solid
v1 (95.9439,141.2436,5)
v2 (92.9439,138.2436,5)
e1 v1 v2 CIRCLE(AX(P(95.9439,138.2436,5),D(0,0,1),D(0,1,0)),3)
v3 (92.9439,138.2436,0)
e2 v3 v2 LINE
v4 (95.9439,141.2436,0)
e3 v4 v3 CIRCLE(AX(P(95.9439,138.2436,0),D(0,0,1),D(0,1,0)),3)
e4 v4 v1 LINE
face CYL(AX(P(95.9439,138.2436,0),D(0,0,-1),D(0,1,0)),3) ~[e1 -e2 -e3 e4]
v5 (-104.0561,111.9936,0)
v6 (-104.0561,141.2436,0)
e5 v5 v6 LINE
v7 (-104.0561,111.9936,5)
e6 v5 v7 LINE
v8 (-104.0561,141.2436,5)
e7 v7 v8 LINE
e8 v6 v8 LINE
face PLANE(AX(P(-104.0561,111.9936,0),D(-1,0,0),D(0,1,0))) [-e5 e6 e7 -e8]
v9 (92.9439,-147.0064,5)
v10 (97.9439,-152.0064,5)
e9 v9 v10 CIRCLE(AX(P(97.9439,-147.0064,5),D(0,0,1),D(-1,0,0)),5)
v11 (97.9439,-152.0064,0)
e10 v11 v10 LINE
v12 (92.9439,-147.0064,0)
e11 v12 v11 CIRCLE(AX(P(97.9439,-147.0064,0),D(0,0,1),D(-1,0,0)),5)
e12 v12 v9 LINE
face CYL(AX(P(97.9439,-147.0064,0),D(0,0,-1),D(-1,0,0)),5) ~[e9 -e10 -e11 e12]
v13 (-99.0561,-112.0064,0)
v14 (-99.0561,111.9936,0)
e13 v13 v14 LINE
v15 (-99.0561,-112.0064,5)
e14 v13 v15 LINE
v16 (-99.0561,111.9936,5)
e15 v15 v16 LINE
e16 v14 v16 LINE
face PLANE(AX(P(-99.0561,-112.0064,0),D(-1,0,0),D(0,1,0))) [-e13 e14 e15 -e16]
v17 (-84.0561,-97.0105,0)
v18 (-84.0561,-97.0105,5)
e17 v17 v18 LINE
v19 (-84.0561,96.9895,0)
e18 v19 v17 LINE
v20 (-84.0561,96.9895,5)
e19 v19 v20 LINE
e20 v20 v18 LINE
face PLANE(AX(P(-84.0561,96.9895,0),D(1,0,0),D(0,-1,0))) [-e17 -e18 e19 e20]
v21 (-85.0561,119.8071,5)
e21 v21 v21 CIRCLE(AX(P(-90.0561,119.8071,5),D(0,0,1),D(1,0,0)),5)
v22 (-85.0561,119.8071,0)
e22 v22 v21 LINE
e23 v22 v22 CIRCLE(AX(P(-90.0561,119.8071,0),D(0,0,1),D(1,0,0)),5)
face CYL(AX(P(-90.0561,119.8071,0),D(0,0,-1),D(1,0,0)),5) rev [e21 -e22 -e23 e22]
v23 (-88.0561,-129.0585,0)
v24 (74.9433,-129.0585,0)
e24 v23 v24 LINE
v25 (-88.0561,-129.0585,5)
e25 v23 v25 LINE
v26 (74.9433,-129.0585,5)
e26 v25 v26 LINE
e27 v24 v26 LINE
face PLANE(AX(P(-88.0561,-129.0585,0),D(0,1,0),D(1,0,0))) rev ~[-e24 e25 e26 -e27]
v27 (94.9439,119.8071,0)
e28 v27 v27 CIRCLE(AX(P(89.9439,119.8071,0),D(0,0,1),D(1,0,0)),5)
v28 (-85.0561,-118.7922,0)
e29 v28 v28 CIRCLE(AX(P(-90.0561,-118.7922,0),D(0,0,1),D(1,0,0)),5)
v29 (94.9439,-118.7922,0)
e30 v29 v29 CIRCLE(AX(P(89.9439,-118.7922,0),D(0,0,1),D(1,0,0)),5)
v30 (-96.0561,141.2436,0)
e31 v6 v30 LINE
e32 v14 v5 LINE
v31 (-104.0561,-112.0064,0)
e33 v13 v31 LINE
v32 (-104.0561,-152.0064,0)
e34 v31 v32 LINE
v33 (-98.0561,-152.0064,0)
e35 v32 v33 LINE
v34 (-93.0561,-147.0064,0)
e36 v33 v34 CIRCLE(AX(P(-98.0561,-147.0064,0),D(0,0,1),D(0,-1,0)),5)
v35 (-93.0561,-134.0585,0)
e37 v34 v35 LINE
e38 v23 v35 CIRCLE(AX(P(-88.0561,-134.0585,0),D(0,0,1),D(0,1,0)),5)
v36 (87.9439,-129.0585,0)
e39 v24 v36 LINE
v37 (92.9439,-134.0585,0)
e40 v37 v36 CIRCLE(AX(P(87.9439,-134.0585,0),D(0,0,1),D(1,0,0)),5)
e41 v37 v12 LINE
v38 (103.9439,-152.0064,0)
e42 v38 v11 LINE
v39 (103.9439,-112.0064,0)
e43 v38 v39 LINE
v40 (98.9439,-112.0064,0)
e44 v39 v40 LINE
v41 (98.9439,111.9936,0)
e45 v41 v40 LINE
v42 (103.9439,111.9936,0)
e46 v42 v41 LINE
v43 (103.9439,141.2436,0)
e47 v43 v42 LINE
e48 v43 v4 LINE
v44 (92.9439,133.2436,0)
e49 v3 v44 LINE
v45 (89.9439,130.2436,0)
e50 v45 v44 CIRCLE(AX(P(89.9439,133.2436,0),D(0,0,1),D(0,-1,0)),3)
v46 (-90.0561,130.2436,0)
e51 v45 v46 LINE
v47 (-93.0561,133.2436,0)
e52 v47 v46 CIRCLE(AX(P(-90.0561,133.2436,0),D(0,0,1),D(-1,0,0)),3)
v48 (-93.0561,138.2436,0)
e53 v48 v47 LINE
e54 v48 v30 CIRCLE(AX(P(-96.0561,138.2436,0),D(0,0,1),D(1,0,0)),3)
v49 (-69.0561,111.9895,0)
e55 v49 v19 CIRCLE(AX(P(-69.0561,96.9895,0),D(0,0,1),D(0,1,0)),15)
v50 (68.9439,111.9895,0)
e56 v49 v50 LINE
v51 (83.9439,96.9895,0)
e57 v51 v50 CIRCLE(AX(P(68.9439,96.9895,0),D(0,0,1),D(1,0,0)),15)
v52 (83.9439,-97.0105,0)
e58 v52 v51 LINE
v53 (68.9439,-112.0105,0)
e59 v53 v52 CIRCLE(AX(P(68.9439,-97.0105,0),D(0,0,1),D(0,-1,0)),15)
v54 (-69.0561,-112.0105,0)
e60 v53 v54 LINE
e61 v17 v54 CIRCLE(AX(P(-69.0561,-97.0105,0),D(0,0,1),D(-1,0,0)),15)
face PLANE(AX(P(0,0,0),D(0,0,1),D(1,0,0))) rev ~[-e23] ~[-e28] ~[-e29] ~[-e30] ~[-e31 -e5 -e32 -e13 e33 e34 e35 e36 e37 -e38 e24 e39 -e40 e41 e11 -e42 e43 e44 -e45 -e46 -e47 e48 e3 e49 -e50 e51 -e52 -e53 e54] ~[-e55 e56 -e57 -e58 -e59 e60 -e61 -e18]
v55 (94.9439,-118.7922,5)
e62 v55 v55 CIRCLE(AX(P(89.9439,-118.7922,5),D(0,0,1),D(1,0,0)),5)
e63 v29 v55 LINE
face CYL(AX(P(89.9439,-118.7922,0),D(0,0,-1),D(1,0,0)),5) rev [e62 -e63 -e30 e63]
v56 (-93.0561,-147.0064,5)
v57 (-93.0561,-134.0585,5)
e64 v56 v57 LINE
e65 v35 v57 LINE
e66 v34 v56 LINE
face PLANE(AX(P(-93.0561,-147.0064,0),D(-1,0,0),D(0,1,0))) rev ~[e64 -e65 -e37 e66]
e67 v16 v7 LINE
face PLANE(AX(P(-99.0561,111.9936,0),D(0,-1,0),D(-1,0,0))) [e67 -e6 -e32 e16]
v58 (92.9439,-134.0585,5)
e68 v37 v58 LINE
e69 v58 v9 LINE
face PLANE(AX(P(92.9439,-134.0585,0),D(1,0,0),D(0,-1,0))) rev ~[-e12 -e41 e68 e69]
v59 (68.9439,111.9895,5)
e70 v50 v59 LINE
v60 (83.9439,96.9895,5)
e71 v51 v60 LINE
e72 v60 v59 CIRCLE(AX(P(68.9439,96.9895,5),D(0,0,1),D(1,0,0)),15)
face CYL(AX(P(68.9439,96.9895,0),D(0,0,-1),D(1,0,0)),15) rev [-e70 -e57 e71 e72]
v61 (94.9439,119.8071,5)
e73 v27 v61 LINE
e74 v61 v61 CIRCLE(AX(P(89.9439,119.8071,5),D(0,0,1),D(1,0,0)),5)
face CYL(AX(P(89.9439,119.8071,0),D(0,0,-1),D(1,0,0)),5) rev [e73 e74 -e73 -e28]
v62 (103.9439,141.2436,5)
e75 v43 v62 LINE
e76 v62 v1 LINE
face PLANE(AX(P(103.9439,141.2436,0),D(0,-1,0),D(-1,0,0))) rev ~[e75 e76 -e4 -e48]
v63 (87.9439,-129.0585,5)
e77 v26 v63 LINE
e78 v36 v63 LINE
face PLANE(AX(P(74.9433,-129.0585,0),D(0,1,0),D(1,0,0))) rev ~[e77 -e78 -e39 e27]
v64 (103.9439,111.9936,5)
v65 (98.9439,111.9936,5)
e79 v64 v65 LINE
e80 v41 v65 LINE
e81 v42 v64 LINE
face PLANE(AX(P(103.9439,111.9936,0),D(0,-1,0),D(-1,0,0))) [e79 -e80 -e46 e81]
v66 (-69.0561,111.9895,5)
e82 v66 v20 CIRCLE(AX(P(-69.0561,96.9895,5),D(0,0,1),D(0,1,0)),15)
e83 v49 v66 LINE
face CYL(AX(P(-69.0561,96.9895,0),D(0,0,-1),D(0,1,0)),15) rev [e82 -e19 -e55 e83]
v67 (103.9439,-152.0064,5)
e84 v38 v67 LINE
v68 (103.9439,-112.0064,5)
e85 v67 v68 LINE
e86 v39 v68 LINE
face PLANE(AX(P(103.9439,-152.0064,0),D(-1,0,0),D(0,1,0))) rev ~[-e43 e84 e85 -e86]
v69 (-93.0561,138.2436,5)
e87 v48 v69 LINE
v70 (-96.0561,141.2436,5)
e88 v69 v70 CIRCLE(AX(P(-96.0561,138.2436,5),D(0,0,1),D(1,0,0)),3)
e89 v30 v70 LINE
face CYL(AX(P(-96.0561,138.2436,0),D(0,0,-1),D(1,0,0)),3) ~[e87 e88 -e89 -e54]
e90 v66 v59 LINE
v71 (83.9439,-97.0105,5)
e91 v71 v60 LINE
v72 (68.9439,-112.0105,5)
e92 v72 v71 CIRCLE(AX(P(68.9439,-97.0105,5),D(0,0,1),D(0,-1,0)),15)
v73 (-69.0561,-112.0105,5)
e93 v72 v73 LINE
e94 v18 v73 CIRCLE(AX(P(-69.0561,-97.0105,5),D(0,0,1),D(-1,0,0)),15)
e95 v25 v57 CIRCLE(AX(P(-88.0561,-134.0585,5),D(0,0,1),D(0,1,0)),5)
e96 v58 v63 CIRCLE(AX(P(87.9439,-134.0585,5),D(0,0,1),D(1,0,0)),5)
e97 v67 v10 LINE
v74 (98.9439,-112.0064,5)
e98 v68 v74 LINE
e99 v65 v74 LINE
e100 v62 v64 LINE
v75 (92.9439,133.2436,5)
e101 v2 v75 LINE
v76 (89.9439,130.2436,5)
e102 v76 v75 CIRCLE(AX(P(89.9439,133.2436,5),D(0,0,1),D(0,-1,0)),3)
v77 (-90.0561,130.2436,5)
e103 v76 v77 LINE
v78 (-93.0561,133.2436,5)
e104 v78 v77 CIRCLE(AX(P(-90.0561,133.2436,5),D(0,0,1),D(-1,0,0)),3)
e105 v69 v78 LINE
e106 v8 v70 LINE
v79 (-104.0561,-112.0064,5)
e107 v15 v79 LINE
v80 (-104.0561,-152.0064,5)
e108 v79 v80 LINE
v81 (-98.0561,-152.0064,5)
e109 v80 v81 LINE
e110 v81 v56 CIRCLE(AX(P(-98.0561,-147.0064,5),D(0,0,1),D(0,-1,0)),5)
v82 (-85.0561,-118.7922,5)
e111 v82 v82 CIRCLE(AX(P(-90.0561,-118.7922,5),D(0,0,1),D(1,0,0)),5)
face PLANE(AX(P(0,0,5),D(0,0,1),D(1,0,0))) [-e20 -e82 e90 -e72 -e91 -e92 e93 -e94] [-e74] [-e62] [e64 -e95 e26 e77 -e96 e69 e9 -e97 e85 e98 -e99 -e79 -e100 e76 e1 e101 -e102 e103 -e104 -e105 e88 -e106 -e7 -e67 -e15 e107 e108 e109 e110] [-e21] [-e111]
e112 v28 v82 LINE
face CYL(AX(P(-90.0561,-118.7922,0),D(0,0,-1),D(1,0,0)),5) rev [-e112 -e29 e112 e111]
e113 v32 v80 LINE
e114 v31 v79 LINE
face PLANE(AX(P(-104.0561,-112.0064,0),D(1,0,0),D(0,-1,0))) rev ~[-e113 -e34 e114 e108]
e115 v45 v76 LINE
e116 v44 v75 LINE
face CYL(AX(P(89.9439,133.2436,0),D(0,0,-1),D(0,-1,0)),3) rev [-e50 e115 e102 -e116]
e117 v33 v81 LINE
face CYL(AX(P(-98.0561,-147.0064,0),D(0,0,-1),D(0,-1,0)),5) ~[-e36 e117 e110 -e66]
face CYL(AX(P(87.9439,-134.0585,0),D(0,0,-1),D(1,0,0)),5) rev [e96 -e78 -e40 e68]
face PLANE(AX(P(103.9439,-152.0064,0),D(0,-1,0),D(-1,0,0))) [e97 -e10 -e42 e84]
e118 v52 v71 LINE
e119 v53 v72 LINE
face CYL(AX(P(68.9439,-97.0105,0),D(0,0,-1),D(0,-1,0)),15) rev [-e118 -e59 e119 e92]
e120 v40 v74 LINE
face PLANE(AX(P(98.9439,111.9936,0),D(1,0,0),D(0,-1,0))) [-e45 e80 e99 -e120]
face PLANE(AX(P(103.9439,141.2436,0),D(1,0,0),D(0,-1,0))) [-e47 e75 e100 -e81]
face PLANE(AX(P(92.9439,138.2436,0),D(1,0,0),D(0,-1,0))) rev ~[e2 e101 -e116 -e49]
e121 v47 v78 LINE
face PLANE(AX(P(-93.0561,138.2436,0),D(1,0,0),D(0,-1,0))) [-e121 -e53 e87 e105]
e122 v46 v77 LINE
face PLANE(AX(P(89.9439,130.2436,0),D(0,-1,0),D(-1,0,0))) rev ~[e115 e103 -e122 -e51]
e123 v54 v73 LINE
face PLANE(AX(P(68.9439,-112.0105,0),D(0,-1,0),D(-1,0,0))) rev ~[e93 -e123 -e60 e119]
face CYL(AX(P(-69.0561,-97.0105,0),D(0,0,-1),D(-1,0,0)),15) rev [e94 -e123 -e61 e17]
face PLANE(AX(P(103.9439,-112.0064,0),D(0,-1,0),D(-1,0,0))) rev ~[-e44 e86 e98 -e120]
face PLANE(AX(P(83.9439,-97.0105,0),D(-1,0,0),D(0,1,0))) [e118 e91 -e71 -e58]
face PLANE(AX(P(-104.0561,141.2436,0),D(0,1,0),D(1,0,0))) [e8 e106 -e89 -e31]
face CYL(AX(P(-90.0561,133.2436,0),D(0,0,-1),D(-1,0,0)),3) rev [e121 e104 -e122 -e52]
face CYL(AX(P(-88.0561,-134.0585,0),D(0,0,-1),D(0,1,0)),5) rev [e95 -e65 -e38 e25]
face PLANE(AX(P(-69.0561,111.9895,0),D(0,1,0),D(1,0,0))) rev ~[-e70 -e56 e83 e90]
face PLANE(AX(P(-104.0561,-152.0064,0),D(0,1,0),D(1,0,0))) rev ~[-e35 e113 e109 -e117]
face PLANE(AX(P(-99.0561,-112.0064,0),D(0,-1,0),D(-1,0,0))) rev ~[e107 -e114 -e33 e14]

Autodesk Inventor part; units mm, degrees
ref_plane "YZ Plane" through (0, 0, 0) normal (1, 0, 0) x (0, 1, 0)
ref_plane "XZ Plane" through (0, 0, 0) normal (0, 1, 0) x (-1, 0, 0)
ref_plane "XY Plane" through (0, 0, 0) normal (0, 0, 1) x (1, 0, 0)
sketch "Sketch1" plane through (0, 0, 0) normal (0, 0, 1) x (1, 0, 0)
  line L0 (98.9439, 111.9936) -> (98.9439, -112.0064)
  line L1 (103.9439, 111.9936) -> (98.9439, 111.9936)
  line L2 (103.9439, 141.2436) -> (103.9439, 111.9936)
  line L3 (83.9439, -97.0105) -> (83.9439, 96.9895)
  line L4 (-99.0561, 111.9936) -> (-104.0561, 111.9936)
  line L5 (-104.0561, 111.9936) -> (-104.0561, 141.2436)
  line L6 (-99.0561, -112.0064) -> (-99.0561, 111.9936)
  line L7 (-84.0561, 96.9895) -> (-84.0561, -97.0105)
  line L8 (-69.0561, 111.9895) -> (68.9439, 111.9895)
  line L9 (68.9439, -112.0105) -> (-69.0561, -112.0105)
  line L10 (103.9439, -112.0064) -> (98.9439, -112.0064)
  line L11 (103.9439, -152.0064) -> (103.9439, -112.0064)
  line L12 (-99.0561, -112.0064) -> (-104.0561, -112.0064)
  line L13 (-104.0561, -112.0064) -> (-104.0561, -152.0064)
  arc A0 (-98.0561, -152.0064) -> (-93.0561, -147.0064) centre (-98.0561, -147.0064) ccw
  line L14 (103.9439, -152.0064) -> (97.9439, -152.0064)
  line L15 (-88.0561, -129.0585) -> (74.9433, -129.0585)
  line L16 (-104.0561, -152.0064) -> (-98.0561, -152.0064)
  line L17 (74.9433, -129.0585) -> (87.9439, -129.0585)
  line L18 (92.9439, -134.0585) -> (92.9439, -147.0064)
  arc A1 (92.9439, -147.0064) -> (97.9439, -152.0064) centre (97.9439, -147.0064) ccw
  arc A2 (92.9439, -134.0585) -> (87.9439, -129.0585) centre (87.9439, -134.0585) ccw
  line L19 (-104.0561, 141.2436) -> (-96.0561, 141.2436)
  line L20 (-93.0561, 138.2436) -> (-93.0561, 133.2436)
  arc A3 (-93.0561, 138.2436) -> (-96.0561, 141.2436) centre (-96.0561, 138.2436) ccw
  line L21 (-93.0561, -147.0064) -> (-93.0561, -134.0585)
  arc A4 (-88.0561, -129.0585) -> (-93.0561, -134.0585) centre (-88.0561, -134.0585) ccw
  line L22 (103.9439, 141.2436) -> (95.9439, 141.2436)
  arc A5 (95.9439, 141.2436) -> (92.9439, 138.2436) centre (95.9439, 138.2436) ccw
  arc A6 (-69.0561, 111.9895) -> (-84.0561, 96.9895) centre (-69.0561, 96.9895) ccw
  arc A7 (-84.0561, -97.0105) -> (-69.0561, -112.0105) centre (-69.0561, -97.0105) ccw
  arc A8 (68.9439, -112.0105) -> (83.9439, -97.0105) centre (68.9439, -97.0105) ccw
  arc A9 (83.9439, 96.9895) -> (68.9439, 111.9895) centre (68.9439, 96.9895) ccw
  line L23 (92.9439, 138.2436) -> (92.9439, 133.2436)
  line L24 (89.9439, 130.2436) -> (-90.0561, 130.2436)
  arc A10 (89.9439, 130.2436) -> (92.9439, 133.2436) centre (89.9439, 133.2436) ccw
  arc A11 (-93.0561, 133.2436) -> (-90.0561, 130.2436) centre (-90.0561, 133.2436) ccw
  circle A12 centre (89.9439, 119.8071) radius 5
  circle A13 centre (-90.0561, 119.8071) radius 5
  circle A14 centre (89.9439, -118.7922) radius 5
  circle A15 centre (-90.0561, -118.7922) radius 5
  point P0 (83.9439, 91.9897)
  point P1 (83.9439, -92.0105)
  point P2 (53.9441, 111.9895)
  point P3 (53.9441, -112.0105)
  point P4 (-84.0561, 91.9895)
  point P5 (-64.0561, -112.0105)
  point P6 (-84.0561, -92.0105)
  point P7 (-64.0561, 111.9895)
  point P8 (93.9439, -152.0064)
  point P9 (-99.0561, -111.9897)
  point P10 (98.9427, -111.9902)
  point P11 (-91.5561, -141.2436)
  point P12 (-91.5561, -141.2564)
  point P13 (-91.5556, -141.2564)
  point P14 (-93.0561, -130.0064)
  point P15 (-93.0561, 141.2436)
  point P16 (-91.5561, 136.2791)
  point P17 (92.9439, 141.2436)
  dimension "d29" = 198
  dimension "d30" = 5
  dimension "d31" = 5
  dimension "d32" = 5
  dimension "d33" = 5
  dimension "d34" = 15
  dimension "d35" = 15
  dimension "d36" = 224
  dimension "d37" = 224
  dimension "d38" = 40
  dimension "d39" = 40
  dimension "d42" = 208
  dimension "d43" = 208
  dimension "d45" = 6
  dimension "d48" = 5
  dimension "d57" = 3
  dimension "d60" = 5
  dimension "d62" = 3
  dimension "d64" = 15
  dimension "d65" = 15
  dimension "d66" = 5
  dimension "d67" = 5
  dimension "d69" = 3
  dimension "d70" = 8
  dimension "d71" = 8
  dimension "d72" = 6
  dimension "d73" = 10
  dimension "d74" = 10
  dimension "d75" = 10
  dimension "d76" = 10
extrude "Extrusion1" add sketch "Sketch1" along normal blind 5
properties part number "back bracer" material "Iron, Cast"
